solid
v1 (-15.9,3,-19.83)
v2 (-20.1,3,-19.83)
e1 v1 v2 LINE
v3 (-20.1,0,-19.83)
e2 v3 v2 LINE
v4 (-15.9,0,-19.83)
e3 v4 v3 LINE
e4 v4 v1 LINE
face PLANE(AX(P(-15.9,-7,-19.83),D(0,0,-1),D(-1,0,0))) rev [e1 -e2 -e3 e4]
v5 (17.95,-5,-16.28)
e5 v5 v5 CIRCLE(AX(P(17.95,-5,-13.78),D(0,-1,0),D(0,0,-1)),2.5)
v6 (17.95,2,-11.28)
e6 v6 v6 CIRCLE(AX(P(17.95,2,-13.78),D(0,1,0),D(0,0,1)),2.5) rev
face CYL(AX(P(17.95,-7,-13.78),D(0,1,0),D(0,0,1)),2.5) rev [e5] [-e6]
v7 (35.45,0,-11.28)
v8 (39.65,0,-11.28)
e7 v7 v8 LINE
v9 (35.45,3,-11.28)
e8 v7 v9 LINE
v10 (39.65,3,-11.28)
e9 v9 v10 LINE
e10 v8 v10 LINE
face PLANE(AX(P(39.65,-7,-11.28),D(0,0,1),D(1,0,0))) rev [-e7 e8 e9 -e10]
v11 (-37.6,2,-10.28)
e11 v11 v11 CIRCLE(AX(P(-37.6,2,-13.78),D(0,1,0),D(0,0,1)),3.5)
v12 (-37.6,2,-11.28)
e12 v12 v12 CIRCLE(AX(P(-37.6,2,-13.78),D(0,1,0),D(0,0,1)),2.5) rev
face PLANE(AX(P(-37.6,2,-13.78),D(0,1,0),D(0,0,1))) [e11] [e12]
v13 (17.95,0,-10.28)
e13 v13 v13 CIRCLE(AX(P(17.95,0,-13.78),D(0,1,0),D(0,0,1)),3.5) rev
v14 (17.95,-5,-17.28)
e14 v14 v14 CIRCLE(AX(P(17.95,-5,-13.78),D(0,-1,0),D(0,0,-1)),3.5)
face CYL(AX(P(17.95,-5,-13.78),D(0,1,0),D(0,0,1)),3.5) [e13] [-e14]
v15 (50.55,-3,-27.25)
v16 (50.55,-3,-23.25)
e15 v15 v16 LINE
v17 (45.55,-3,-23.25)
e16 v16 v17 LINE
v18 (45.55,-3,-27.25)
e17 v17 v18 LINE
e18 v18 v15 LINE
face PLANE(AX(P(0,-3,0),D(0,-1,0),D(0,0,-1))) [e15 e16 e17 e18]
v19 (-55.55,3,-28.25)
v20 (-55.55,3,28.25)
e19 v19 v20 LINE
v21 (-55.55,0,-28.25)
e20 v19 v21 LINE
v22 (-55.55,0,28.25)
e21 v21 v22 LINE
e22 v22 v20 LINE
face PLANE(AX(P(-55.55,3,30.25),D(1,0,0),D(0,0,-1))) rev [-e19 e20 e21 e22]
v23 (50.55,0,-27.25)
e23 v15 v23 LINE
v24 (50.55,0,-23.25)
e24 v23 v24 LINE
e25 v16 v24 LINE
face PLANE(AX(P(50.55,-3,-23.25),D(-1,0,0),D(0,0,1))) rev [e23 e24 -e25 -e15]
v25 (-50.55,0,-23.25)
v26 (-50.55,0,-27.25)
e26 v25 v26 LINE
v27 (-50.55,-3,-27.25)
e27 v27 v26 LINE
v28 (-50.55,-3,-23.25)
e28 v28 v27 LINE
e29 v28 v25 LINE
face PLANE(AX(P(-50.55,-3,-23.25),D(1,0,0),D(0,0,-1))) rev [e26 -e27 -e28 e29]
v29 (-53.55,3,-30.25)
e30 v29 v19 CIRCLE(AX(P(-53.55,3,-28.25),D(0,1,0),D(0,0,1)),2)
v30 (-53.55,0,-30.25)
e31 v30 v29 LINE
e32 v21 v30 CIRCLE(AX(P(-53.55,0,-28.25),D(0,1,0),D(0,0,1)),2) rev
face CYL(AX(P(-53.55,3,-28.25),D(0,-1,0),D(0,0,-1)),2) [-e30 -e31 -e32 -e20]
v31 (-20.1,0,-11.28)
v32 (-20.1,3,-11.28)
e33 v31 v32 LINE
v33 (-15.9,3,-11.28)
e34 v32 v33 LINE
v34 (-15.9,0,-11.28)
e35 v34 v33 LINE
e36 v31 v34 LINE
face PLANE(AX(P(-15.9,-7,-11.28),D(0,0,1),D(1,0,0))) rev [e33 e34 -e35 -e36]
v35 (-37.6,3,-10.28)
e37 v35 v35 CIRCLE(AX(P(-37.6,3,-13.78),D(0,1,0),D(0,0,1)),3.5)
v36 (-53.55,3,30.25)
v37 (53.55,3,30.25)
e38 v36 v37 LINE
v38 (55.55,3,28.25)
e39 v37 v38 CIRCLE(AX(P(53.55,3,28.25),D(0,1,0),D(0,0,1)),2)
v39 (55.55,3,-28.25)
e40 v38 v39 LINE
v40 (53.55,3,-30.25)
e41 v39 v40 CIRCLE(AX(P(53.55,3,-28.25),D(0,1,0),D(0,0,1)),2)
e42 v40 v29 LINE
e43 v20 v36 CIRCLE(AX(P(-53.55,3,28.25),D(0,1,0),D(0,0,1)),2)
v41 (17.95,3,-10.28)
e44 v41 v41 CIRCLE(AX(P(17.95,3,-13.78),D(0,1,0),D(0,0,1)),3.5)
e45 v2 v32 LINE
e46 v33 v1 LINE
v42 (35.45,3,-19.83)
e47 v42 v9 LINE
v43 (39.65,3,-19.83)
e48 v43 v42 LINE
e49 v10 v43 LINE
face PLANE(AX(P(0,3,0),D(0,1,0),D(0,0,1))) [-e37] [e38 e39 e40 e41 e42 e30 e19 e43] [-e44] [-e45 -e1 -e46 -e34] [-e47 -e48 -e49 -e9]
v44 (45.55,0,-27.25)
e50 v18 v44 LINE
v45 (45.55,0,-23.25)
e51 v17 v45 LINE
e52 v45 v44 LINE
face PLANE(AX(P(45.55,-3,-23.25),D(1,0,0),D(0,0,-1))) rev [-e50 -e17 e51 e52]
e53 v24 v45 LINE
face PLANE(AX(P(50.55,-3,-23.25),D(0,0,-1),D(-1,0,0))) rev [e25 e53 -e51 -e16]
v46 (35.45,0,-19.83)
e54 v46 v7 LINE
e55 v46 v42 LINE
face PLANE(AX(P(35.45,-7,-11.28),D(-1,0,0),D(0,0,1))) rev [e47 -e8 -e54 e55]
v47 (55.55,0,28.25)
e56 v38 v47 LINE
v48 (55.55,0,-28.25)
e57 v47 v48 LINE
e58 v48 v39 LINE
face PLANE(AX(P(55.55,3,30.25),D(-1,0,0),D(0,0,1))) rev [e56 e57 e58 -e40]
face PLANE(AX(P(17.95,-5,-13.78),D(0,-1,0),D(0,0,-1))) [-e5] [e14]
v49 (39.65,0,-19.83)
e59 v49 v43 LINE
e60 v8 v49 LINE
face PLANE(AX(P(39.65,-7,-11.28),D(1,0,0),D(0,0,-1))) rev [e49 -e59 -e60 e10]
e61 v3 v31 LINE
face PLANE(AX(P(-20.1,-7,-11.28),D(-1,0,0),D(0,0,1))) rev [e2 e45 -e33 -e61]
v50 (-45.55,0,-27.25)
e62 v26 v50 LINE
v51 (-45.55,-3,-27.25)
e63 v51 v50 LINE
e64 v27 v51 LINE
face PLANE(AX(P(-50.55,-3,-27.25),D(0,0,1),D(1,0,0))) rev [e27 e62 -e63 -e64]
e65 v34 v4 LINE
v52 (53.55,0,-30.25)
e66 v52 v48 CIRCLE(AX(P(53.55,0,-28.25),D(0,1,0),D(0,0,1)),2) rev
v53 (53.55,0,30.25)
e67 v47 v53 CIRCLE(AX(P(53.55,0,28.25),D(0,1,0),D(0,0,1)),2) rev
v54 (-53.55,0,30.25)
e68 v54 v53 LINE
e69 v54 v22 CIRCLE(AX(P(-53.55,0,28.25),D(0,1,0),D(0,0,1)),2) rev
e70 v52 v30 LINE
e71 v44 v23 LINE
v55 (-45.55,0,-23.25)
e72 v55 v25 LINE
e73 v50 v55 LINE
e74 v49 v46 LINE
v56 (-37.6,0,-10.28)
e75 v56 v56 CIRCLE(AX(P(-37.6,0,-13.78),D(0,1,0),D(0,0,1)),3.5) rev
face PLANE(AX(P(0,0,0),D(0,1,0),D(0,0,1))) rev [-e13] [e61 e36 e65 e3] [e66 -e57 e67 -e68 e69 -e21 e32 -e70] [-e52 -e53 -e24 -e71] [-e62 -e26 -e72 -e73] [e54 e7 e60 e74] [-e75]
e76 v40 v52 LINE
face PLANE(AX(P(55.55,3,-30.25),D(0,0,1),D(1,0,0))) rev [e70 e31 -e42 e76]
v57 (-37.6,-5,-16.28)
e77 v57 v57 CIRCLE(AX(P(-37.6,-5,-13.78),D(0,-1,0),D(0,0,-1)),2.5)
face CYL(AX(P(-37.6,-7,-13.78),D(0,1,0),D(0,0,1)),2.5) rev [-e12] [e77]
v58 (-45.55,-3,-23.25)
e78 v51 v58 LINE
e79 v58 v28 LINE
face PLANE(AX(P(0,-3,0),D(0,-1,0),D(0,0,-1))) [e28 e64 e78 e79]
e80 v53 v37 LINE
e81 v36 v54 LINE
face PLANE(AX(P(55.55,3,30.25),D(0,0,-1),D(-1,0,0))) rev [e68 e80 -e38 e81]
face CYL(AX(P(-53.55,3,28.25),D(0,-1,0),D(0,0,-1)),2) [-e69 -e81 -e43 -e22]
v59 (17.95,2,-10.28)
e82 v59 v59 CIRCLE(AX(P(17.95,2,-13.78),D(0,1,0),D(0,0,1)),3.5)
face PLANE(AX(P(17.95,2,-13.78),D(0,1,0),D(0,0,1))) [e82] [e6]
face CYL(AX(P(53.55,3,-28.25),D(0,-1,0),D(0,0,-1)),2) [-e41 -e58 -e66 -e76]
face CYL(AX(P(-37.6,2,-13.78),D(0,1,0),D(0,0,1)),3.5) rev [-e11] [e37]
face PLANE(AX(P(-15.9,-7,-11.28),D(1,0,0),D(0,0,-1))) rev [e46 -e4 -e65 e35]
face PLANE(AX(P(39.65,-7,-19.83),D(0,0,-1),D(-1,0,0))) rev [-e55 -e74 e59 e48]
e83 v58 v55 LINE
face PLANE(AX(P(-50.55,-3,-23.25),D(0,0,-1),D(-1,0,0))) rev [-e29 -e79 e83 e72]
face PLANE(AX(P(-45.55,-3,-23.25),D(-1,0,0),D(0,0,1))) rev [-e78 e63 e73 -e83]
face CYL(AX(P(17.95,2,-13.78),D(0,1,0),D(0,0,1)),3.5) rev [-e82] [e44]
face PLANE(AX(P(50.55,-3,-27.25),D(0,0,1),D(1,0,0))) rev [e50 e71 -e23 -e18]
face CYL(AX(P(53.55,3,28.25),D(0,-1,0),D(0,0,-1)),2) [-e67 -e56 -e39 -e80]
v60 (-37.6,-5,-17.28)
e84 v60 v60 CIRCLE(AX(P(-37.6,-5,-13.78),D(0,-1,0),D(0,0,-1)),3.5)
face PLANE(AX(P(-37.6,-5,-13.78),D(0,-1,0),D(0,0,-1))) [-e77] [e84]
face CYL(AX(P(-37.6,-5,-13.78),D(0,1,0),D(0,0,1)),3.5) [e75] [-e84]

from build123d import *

# Parameters (mm, degrees)
SKETCH1_W           = 111.1
SKETCH1_H           = 60.5
BOSS_EXTRUDE1_DEPTH = 3
SKETCH9_W           = 5
SKETCH9_H           = 4
BOSS_EXTRUDE5_DEPTH = 3
FILLET1_R           = 2
SKETCH10_R          = 2.5
SKETCH10_W          = 4.2
SKETCH10_H          = 8.55
CUT_EXTRUDE1_DEPTH  = 10
SKETCH11_R          = 3.5
CUT_EXTRUDE2_DEPTH  = 1
SKETCH12_R          = 3.5
SKETCH12_R_2        = 2.5
BOSS_EXTRUDE6_DEPTH = 5


with BuildPart() as part:
    # Sketch1 → Boss-Extrude1 (new body)
    with BuildSketch(Plane(origin=(0, 0, 0), x_dir=(1, 0, 0), z_dir=(0, 1, 0))):
        Rectangle(SKETCH1_W, SKETCH1_H)
    extrude(amount=BOSS_EXTRUDE1_DEPTH)

    # Sketch9 → Boss-Extrude5 (add)
    with BuildSketch(Plane.XZ):
        with Locations((-48.05, -25.25)):
            Rectangle(SKETCH9_W, SKETCH9_H)
        with Locations((48.05, -25.25)):
            Rectangle(SKETCH9_W, SKETCH9_H)
    extrude(amount=BOSS_EXTRUDE5_DEPTH)

    # Fillet1
    fillet1_edges = [part.edges().sort_by_distance(p)[0] for p in [
        (-55.55, 1.5, -30.25),
        (55.55, 1.5, -30.25),
        (55.55, 1.5, 30.25),
        (-55.55, 1.5, 30.25),
    ]]
    fillet(fillet1_edges, radius=FILLET1_R)

    # Sketch10 → Cut-Extrude1 (cut)
    with BuildSketch(Plane(origin=(0, 3, 0), x_dir=(1, 0, 0), z_dir=(0, 1, 0))):
        with Locations(Location((-37.6, 13.78, 0), (0, 0, 270))):
            Circle(SKETCH10_R)
        with Locations(Location((17.95, 13.78, 0), (0, 0, 270))):
            Circle(SKETCH10_R)
        with Locations((37.55, 15.555)):
            Rectangle(SKETCH10_W, SKETCH10_H)
        with Locations((-18, 15.555)):
            Rectangle(SKETCH10_W, SKETCH10_H)
    extrude(amount=-CUT_EXTRUDE1_DEPTH, mode=Mode.SUBTRACT)

    # Sketch11 → Cut-Extrude2 (cut)
    with BuildSketch(Plane(origin=(0, 3, 0), x_dir=(1, 0, 0), z_dir=(0, 1, 0))):
        with Locations(Location((-37.6, 13.78, 0), (0, 0, 270))):
            Circle(SKETCH11_R)
        with Locations(Location((17.95, 13.78, 0), (0, 0, 270))):
            Circle(SKETCH11_R)
    extrude(amount=-CUT_EXTRUDE2_DEPTH, mode=Mode.SUBTRACT)

    # Sketch12 → Boss-Extrude6 (add)
    # profile 1 of 2: a face of its own
    with BuildSketch(Plane.XZ):
        with Locations(Location((17.95, -13.78, 0), (0, 0, 90))):
            Circle(SKETCH12_R)
        with Locations(Location((17.95, -13.78, 0), (0, 0, 90))):
            Circle(SKETCH12_R_2, mode=Mode.SUBTRACT)
    # profile 2 of 2: a face of its own
    with BuildSketch(Plane.XZ):
        with Locations(Location((-37.6, -13.78, 0), (0, 0, 90))):
            Circle(SKETCH12_R)
        with Locations(Location((-37.6, -13.78, 0), (0, 0, 90))):
            Circle(SKETCH12_R_2, mode=Mode.SUBTRACT)
    extrude(amount=BOSS_EXTRUDE6_DEPTH)


solid = part.part
